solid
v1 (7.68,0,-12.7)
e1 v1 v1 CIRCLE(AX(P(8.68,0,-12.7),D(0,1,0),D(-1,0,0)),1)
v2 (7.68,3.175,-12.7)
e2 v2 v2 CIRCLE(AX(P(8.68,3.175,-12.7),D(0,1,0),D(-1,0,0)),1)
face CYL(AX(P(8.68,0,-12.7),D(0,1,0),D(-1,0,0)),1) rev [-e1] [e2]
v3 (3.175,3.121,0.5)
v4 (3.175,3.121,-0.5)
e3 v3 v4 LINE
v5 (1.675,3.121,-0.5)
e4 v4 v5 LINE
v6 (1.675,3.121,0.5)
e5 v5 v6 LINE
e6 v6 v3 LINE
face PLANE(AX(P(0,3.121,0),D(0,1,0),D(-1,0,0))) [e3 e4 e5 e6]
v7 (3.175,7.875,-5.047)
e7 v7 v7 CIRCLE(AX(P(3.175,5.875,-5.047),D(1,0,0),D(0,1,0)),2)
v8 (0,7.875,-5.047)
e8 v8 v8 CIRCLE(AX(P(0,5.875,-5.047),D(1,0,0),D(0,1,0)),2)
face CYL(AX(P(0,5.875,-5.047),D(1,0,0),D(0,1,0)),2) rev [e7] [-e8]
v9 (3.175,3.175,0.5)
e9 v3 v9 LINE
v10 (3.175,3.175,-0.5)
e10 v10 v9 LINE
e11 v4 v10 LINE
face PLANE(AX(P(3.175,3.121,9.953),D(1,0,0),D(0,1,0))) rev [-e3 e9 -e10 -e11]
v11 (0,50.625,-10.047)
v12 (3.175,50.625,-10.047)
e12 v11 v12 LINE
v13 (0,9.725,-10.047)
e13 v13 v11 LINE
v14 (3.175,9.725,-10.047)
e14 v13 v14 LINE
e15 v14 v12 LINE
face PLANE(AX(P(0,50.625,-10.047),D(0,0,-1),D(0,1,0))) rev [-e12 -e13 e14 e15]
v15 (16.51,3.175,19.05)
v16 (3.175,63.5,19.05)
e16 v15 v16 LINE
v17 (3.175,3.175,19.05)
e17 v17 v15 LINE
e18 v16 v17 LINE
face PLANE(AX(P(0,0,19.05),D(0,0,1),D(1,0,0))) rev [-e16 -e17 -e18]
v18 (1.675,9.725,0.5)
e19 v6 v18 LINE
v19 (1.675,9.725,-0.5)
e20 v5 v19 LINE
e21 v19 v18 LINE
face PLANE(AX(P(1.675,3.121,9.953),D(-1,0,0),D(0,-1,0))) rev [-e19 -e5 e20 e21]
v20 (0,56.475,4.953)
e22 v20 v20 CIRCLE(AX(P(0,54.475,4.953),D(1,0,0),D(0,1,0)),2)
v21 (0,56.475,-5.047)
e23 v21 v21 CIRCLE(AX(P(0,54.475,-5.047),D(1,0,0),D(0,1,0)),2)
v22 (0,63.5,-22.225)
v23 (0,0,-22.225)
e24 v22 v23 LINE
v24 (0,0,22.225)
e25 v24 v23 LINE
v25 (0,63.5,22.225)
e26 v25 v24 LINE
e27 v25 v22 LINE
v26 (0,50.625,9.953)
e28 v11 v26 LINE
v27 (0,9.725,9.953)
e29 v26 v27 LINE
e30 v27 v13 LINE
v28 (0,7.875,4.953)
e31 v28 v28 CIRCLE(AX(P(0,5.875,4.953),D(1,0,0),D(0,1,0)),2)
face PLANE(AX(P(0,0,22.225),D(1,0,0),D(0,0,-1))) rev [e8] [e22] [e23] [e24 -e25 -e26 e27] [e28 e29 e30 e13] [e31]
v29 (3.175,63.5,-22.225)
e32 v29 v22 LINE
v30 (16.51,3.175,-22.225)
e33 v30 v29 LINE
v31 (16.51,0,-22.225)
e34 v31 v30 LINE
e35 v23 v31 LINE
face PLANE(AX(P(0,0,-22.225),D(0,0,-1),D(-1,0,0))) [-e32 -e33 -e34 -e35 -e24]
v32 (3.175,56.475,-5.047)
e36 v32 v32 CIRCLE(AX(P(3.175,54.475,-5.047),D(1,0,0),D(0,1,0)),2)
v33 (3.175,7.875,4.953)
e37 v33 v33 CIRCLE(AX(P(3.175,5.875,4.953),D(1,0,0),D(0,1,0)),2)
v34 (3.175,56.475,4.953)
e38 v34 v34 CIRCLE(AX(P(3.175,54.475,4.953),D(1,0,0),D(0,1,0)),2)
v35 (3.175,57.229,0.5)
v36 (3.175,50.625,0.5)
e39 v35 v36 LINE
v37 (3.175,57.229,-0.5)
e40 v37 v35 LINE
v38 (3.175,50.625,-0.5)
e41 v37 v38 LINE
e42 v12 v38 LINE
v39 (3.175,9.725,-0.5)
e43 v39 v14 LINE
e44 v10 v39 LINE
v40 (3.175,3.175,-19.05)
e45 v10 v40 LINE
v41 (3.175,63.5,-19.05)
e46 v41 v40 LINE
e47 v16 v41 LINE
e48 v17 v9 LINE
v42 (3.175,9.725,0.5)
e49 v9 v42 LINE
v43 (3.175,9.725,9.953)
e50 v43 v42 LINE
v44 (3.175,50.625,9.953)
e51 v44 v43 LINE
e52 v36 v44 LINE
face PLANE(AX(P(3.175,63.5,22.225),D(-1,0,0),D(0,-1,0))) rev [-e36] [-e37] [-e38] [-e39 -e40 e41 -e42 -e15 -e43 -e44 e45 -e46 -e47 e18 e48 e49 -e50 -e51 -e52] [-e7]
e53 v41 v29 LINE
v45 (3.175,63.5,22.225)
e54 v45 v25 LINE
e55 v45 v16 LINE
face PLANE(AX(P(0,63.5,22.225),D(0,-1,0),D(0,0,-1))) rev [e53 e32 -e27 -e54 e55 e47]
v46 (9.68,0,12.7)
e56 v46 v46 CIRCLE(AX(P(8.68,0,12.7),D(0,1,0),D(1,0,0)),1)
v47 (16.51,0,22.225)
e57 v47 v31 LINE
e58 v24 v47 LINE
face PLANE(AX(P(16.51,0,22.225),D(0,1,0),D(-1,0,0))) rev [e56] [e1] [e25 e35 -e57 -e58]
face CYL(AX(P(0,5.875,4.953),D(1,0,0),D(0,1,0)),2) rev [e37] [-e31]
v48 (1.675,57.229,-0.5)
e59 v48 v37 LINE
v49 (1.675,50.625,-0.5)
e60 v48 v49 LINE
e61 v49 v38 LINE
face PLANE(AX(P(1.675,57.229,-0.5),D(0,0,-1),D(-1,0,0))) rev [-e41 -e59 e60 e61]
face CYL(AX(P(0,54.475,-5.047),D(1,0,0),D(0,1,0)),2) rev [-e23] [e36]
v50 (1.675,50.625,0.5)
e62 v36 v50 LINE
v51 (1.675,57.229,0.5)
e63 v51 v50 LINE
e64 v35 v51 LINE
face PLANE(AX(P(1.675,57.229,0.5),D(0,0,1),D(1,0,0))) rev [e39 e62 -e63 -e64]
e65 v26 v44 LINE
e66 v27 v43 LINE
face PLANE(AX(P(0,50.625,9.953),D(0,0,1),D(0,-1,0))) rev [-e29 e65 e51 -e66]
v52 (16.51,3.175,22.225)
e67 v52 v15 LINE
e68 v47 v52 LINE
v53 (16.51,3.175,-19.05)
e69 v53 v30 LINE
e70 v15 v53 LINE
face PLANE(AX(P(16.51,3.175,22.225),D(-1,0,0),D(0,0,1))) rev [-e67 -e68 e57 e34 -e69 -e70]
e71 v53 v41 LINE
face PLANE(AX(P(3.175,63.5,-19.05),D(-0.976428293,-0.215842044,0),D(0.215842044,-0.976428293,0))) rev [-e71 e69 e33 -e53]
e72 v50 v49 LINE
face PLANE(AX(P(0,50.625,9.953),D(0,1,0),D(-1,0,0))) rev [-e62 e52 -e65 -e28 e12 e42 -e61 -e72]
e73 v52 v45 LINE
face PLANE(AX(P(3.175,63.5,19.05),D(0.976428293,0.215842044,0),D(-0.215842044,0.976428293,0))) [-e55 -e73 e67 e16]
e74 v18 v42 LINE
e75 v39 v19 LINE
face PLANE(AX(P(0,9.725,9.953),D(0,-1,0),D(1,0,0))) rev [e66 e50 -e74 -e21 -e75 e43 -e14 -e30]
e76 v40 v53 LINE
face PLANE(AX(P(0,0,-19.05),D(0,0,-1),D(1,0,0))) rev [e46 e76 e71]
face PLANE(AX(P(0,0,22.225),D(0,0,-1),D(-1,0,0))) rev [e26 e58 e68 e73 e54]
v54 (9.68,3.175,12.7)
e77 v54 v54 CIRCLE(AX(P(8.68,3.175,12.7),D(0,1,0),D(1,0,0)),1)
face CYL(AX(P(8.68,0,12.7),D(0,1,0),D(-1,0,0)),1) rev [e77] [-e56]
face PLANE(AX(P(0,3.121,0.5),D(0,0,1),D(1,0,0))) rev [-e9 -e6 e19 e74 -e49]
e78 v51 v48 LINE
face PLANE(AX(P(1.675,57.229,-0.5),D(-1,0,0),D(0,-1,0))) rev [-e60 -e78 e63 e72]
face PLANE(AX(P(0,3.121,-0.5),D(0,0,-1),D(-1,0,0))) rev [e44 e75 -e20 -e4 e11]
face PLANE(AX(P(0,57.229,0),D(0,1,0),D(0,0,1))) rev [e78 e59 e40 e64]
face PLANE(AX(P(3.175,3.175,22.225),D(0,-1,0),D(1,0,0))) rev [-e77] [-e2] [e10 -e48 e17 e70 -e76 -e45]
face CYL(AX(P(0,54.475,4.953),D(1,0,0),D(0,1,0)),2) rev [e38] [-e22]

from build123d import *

# Parameters (mm, degrees)
BOSS_EXTRUDE1_DEPTH = 22.225
BOSS_EXTRUDE2_DEPTH = 3.175
SKETCH4_R           = 1.000000032
CUT_EXTRUDE2_DEPTH  = 67.374967797
SKETCH5_R           = 2.000000064
CUT_EXTRUDE3_DEPTH  = 69.585879378
SKETCH6_W           = 19.999999878
SKETCH6_H           = 40.899999988
CUT_EXTRUDE4_DEPTH  = 69.585879378
SKETCH7_W           = 1.500000048
SKETCH7_H           = 1.000000032
CUT_EXTRUDE5_DEPTH  = 6.604
CUT_EXTRUDE6_START  = 40.9
SKETCH7_2_W         = 1.500000048
SKETCH7_2_H         = 1.000000032
CUT_EXTRUDE6_DEPTH  = 6.604


with BuildPart() as part:
    # Sketch1 → Boss-Extrude1 (new, symmetric)
    with BuildSketch(Plane.XY):
        Polygon((0, 0), (0, 63.5), (3.175, 63.5), (3.175, 3.175), (16.51, 3.175), (16.51, 0), align=None)
    extrude(amount=BOSS_EXTRUDE1_DEPTH, both=True)

    # Sketch3 → Boss-Extrude2 (add)
    with BuildSketch(Plane.XY.offset(22.225)):
        Polygon((3.175, 63.5), (16.51, 3.175), (3.175, 3.175), align=None)
    boss_extrude2 = extrude(amount=-BOSS_EXTRUDE2_DEPTH)

    # Mirror1: Boss-Extrude2 across plane
    add(boss_extrude2.mirror(Plane.XY))

    # Sketch4 → Cut-Extrude2 (cut, through all)
    with BuildSketch(Plane(origin=(0, 3.175, 0), x_dir=(1, 0, 0), z_dir=(0, 1, 0))):
        with Locations(Location((8.679999912, 12.7, 0), (0, 0, 180))):
            Circle(SKETCH4_R)
        with Locations((8.679999912, -12.7)):
            Circle(SKETCH4_R)
    extrude(amount=-CUT_EXTRUDE2_DEPTH, mode=Mode.SUBTRACT)

    # Sketch5 → Cut-Extrude3 (cut, through all)
    with BuildSketch(Plane(origin=(3.175, 0, 0), x_dir=(0, 0, -1), z_dir=(1, 0, 0))):
        with Locations(Location((-4.953, 5.874999934, 0), (0, 0, 90))):
            Circle(SKETCH5_R)
        with Locations(Location((5.047000066, 5.874999934, 0), (0, 0, 90))):
            Circle(SKETCH5_R)
        with Locations(Location((-4.953, 54.475000016, 0), (0, 0, 90))):
            Circle(SKETCH5_R)
        with Locations(Location((5.047000066, 54.475000016, 0), (0, 0, 90))):
            Circle(SKETCH5_R)
    extrude(amount=-CUT_EXTRUDE3_DEPTH, mode=Mode.SUBTRACT)

    # Sketch6 → Cut-Extrude4 (cut, through all)
    with BuildSketch(Plane(origin=(3.175, 0, 0), x_dir=(0, 0, -1), z_dir=(1, 0, 0))):
        with Locations((0.047000033, 30.174999975)):
            Rectangle(SKETCH6_W, SKETCH6_H)
    extrude(amount=-CUT_EXTRUDE4_DEPTH, mode=Mode.SUBTRACT)

    # Sketch7 → Cut-Extrude5 (cut)
    with BuildSketch(Plane.XZ.offset(-50.624999969)):
        with Locations((2.424999976, 0)):
            Rectangle(SKETCH7_W, SKETCH7_H)
    extrude(amount=-CUT_EXTRUDE5_DEPTH, mode=Mode.SUBTRACT)

    # Sketch7<2> → Cut-Extrude6 (cut)
    with BuildSketch(Plane.XZ.offset(-50.624999969).offset(CUT_EXTRUDE6_START)):
        with Locations((2.424999976, 0)):
            Rectangle(SKETCH7_2_W, SKETCH7_2_H)
    extrude(amount=CUT_EXTRUDE6_DEPTH, mode=Mode.SUBTRACT)


solid = part.part
